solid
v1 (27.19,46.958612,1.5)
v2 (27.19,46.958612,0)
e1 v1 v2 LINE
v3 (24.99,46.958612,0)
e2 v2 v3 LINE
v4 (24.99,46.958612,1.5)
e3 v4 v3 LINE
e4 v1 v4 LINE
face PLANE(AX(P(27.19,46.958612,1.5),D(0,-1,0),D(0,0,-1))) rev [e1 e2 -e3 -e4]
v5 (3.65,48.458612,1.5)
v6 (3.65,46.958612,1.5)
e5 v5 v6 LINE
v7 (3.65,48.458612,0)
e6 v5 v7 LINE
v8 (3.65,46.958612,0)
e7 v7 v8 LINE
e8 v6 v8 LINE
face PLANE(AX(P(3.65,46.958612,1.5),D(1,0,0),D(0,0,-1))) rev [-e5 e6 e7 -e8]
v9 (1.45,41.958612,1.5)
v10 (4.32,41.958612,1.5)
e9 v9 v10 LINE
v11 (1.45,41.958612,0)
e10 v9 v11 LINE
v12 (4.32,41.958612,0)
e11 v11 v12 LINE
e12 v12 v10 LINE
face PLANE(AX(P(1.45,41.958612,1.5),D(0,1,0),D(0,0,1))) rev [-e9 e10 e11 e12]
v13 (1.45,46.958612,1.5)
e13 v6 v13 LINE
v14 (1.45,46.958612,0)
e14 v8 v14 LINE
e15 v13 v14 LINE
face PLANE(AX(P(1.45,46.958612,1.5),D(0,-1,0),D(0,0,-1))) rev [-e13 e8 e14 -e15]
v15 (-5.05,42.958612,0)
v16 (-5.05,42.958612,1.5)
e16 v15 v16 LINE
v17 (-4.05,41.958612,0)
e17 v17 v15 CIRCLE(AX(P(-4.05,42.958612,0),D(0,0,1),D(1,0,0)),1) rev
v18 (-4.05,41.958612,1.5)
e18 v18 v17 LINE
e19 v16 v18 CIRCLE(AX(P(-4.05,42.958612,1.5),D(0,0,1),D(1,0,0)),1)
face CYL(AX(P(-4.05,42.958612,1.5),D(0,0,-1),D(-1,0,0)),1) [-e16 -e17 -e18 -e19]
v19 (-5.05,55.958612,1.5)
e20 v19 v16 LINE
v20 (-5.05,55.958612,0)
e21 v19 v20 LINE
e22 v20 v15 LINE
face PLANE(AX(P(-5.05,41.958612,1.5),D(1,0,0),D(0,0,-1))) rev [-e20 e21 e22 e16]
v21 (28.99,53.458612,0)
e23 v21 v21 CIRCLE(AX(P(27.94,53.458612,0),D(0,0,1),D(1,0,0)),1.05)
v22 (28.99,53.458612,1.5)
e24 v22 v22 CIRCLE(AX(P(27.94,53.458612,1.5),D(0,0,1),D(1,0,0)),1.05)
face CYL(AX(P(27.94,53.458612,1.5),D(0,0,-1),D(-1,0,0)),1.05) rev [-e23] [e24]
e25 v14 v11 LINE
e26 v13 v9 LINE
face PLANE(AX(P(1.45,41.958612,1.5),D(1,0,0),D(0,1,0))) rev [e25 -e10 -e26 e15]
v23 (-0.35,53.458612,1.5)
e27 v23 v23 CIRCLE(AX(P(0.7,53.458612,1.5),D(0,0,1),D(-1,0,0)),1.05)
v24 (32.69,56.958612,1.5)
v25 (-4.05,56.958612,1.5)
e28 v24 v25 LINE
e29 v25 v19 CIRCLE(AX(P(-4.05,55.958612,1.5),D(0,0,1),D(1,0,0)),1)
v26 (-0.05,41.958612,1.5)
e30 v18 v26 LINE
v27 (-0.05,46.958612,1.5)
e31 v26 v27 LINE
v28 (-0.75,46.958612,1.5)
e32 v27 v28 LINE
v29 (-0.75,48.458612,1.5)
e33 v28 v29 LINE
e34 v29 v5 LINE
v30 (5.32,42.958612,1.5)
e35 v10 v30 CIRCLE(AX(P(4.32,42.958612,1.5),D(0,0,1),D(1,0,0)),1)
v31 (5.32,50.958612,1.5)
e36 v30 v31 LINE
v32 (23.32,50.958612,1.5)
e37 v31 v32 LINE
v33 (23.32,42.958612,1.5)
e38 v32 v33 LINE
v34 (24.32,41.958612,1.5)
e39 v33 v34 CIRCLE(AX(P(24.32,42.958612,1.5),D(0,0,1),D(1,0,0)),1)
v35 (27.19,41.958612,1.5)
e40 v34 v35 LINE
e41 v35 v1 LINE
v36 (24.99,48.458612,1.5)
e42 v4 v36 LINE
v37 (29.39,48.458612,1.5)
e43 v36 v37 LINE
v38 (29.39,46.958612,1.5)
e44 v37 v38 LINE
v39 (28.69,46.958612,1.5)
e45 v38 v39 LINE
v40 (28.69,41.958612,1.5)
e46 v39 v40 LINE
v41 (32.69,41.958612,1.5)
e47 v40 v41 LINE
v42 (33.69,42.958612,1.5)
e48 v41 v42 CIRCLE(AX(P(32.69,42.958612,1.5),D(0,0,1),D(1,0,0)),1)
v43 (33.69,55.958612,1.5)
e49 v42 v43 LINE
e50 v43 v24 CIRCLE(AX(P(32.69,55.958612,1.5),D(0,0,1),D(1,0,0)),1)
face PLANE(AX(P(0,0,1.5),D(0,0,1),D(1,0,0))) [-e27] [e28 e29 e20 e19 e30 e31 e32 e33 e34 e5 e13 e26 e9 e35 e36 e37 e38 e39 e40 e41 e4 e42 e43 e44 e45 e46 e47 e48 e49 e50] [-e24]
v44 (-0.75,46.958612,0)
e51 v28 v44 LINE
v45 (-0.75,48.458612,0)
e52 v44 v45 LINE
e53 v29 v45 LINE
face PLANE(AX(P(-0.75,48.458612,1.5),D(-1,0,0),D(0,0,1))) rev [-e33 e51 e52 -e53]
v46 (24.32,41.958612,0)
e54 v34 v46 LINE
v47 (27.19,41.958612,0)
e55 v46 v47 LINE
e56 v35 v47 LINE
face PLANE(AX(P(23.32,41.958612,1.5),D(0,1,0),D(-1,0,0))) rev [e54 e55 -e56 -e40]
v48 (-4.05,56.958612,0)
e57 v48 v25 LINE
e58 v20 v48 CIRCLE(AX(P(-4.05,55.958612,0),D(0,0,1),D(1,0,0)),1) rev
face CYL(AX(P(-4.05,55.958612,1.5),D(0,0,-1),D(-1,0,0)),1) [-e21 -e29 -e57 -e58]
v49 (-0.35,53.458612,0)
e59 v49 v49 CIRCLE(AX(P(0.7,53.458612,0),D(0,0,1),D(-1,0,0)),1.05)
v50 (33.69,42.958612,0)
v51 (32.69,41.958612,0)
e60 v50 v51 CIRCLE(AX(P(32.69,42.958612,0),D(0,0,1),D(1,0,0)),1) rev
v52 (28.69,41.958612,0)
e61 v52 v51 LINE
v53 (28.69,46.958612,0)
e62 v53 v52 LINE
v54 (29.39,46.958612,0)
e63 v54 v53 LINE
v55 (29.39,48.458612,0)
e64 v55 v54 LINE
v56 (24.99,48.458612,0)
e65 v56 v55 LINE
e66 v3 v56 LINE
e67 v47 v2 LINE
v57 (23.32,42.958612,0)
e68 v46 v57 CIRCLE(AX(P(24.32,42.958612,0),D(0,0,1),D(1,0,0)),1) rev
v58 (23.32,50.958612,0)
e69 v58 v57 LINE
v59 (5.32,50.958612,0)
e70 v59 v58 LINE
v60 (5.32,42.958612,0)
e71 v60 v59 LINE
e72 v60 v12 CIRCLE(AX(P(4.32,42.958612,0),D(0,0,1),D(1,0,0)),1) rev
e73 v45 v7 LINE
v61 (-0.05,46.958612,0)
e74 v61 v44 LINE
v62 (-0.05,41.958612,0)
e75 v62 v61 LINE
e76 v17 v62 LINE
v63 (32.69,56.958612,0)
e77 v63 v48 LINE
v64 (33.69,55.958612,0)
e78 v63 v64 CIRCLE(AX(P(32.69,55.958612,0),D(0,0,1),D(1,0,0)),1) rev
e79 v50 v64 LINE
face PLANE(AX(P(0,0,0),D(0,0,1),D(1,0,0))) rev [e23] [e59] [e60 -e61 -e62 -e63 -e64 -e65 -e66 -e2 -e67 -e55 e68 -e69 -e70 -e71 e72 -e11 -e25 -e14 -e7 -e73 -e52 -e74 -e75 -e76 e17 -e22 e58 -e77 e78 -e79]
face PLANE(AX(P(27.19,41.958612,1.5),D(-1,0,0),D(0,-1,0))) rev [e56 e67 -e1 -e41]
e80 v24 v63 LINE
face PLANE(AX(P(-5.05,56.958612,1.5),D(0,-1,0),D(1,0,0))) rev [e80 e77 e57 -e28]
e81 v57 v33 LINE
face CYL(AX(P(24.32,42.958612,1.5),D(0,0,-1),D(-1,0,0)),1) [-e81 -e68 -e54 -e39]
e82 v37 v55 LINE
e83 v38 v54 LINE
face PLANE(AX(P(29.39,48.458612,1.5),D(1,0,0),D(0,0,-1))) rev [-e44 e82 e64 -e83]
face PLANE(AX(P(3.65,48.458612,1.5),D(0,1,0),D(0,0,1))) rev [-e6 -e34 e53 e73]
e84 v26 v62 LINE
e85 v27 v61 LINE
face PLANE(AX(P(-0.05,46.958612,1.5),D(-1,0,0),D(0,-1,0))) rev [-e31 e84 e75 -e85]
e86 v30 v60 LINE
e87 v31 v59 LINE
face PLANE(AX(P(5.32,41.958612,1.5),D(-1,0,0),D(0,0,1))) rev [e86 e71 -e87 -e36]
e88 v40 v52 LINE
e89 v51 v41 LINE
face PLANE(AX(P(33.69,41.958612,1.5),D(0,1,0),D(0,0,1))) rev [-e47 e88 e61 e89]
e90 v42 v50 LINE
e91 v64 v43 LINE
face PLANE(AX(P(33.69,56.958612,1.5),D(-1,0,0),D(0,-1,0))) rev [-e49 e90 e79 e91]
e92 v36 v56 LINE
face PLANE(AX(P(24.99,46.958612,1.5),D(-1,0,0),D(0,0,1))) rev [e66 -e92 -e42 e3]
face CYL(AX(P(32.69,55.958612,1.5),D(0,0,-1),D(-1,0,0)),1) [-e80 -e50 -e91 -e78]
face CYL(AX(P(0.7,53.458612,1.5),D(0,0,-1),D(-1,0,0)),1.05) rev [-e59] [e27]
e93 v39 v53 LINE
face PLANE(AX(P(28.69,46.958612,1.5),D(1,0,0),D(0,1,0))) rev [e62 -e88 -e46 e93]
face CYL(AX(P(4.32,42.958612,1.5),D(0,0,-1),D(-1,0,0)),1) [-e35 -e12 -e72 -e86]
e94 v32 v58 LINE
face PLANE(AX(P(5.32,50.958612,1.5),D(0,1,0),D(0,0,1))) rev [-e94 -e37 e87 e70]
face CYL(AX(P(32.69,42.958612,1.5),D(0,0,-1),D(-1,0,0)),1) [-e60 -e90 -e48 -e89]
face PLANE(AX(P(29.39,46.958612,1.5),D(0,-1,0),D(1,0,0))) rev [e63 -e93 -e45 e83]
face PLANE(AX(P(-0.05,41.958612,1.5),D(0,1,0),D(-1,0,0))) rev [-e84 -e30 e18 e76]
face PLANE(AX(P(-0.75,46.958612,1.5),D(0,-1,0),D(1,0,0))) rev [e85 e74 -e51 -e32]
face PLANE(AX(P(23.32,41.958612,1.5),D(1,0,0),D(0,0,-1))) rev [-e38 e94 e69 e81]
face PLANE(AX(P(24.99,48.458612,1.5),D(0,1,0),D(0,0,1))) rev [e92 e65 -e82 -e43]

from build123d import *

# Parameters (mm, degrees)
SKETCH_1_R      = 1.05
EXTRUDE_1_DEPTH = 1.5
FILLET_1_R      = 1


with BuildPart() as part:
    # 草图1 → 凸台-拉伸1 (new body)
    with BuildSketch(Plane.XY):
        Polygon((23.32, 41.958612035), (27.19, 41.958612035), (27.19, 46.958612035), (24.99, 46.958612035), (24.99, 48.458612035), (29.39, 48.458612035), (29.39, 46.958612035), (28.69, 46.958612035), (28.69, 41.958612035), (33.69, 41.958612035), (33.69, 56.958612035), (14.32, 56.958612035), (-5.05, 56.958612035), (-5.05, 41.958612035), (-0.05, 41.958612035), (-0.05, 46.958612035), (-0.75, 46.958612035), (-0.75, 48.458612035), (3.65, 48.458612035), (3.65, 46.958612035), (1.45, 46.958612035), (1.45, 41.958612035), (5.32, 41.958612035), (5.32, 50.958612035), (23.32, 50.958612035), align=None)
        with Locations((27.94, 53.458612035)):
            Circle(SKETCH_1_R, mode=Mode.SUBTRACT)
        with Locations(Location((0.7, 53.458612035, 0), (0, 0, 180))):
            Circle(SKETCH_1_R, mode=Mode.SUBTRACT)
    extrude(amount=EXTRUDE_1_DEPTH)

    # 圆角1
    fillet_1_edges = [part.edges().sort_by_distance(p)[0] for p in [
        (-5.05, 41.958612035, 0.75),
        (-5.05, 56.958612035, 0.75),
        (33.69, 56.958612035, 0.75),
        (33.69, 41.958612035, 0.75),
        (23.32, 41.958612035, 0.75),
        (5.32, 41.958612035, 0.75),
    ]]
    fillet(fillet_1_edges, radius=FILLET_1_R)


solid = part.part
